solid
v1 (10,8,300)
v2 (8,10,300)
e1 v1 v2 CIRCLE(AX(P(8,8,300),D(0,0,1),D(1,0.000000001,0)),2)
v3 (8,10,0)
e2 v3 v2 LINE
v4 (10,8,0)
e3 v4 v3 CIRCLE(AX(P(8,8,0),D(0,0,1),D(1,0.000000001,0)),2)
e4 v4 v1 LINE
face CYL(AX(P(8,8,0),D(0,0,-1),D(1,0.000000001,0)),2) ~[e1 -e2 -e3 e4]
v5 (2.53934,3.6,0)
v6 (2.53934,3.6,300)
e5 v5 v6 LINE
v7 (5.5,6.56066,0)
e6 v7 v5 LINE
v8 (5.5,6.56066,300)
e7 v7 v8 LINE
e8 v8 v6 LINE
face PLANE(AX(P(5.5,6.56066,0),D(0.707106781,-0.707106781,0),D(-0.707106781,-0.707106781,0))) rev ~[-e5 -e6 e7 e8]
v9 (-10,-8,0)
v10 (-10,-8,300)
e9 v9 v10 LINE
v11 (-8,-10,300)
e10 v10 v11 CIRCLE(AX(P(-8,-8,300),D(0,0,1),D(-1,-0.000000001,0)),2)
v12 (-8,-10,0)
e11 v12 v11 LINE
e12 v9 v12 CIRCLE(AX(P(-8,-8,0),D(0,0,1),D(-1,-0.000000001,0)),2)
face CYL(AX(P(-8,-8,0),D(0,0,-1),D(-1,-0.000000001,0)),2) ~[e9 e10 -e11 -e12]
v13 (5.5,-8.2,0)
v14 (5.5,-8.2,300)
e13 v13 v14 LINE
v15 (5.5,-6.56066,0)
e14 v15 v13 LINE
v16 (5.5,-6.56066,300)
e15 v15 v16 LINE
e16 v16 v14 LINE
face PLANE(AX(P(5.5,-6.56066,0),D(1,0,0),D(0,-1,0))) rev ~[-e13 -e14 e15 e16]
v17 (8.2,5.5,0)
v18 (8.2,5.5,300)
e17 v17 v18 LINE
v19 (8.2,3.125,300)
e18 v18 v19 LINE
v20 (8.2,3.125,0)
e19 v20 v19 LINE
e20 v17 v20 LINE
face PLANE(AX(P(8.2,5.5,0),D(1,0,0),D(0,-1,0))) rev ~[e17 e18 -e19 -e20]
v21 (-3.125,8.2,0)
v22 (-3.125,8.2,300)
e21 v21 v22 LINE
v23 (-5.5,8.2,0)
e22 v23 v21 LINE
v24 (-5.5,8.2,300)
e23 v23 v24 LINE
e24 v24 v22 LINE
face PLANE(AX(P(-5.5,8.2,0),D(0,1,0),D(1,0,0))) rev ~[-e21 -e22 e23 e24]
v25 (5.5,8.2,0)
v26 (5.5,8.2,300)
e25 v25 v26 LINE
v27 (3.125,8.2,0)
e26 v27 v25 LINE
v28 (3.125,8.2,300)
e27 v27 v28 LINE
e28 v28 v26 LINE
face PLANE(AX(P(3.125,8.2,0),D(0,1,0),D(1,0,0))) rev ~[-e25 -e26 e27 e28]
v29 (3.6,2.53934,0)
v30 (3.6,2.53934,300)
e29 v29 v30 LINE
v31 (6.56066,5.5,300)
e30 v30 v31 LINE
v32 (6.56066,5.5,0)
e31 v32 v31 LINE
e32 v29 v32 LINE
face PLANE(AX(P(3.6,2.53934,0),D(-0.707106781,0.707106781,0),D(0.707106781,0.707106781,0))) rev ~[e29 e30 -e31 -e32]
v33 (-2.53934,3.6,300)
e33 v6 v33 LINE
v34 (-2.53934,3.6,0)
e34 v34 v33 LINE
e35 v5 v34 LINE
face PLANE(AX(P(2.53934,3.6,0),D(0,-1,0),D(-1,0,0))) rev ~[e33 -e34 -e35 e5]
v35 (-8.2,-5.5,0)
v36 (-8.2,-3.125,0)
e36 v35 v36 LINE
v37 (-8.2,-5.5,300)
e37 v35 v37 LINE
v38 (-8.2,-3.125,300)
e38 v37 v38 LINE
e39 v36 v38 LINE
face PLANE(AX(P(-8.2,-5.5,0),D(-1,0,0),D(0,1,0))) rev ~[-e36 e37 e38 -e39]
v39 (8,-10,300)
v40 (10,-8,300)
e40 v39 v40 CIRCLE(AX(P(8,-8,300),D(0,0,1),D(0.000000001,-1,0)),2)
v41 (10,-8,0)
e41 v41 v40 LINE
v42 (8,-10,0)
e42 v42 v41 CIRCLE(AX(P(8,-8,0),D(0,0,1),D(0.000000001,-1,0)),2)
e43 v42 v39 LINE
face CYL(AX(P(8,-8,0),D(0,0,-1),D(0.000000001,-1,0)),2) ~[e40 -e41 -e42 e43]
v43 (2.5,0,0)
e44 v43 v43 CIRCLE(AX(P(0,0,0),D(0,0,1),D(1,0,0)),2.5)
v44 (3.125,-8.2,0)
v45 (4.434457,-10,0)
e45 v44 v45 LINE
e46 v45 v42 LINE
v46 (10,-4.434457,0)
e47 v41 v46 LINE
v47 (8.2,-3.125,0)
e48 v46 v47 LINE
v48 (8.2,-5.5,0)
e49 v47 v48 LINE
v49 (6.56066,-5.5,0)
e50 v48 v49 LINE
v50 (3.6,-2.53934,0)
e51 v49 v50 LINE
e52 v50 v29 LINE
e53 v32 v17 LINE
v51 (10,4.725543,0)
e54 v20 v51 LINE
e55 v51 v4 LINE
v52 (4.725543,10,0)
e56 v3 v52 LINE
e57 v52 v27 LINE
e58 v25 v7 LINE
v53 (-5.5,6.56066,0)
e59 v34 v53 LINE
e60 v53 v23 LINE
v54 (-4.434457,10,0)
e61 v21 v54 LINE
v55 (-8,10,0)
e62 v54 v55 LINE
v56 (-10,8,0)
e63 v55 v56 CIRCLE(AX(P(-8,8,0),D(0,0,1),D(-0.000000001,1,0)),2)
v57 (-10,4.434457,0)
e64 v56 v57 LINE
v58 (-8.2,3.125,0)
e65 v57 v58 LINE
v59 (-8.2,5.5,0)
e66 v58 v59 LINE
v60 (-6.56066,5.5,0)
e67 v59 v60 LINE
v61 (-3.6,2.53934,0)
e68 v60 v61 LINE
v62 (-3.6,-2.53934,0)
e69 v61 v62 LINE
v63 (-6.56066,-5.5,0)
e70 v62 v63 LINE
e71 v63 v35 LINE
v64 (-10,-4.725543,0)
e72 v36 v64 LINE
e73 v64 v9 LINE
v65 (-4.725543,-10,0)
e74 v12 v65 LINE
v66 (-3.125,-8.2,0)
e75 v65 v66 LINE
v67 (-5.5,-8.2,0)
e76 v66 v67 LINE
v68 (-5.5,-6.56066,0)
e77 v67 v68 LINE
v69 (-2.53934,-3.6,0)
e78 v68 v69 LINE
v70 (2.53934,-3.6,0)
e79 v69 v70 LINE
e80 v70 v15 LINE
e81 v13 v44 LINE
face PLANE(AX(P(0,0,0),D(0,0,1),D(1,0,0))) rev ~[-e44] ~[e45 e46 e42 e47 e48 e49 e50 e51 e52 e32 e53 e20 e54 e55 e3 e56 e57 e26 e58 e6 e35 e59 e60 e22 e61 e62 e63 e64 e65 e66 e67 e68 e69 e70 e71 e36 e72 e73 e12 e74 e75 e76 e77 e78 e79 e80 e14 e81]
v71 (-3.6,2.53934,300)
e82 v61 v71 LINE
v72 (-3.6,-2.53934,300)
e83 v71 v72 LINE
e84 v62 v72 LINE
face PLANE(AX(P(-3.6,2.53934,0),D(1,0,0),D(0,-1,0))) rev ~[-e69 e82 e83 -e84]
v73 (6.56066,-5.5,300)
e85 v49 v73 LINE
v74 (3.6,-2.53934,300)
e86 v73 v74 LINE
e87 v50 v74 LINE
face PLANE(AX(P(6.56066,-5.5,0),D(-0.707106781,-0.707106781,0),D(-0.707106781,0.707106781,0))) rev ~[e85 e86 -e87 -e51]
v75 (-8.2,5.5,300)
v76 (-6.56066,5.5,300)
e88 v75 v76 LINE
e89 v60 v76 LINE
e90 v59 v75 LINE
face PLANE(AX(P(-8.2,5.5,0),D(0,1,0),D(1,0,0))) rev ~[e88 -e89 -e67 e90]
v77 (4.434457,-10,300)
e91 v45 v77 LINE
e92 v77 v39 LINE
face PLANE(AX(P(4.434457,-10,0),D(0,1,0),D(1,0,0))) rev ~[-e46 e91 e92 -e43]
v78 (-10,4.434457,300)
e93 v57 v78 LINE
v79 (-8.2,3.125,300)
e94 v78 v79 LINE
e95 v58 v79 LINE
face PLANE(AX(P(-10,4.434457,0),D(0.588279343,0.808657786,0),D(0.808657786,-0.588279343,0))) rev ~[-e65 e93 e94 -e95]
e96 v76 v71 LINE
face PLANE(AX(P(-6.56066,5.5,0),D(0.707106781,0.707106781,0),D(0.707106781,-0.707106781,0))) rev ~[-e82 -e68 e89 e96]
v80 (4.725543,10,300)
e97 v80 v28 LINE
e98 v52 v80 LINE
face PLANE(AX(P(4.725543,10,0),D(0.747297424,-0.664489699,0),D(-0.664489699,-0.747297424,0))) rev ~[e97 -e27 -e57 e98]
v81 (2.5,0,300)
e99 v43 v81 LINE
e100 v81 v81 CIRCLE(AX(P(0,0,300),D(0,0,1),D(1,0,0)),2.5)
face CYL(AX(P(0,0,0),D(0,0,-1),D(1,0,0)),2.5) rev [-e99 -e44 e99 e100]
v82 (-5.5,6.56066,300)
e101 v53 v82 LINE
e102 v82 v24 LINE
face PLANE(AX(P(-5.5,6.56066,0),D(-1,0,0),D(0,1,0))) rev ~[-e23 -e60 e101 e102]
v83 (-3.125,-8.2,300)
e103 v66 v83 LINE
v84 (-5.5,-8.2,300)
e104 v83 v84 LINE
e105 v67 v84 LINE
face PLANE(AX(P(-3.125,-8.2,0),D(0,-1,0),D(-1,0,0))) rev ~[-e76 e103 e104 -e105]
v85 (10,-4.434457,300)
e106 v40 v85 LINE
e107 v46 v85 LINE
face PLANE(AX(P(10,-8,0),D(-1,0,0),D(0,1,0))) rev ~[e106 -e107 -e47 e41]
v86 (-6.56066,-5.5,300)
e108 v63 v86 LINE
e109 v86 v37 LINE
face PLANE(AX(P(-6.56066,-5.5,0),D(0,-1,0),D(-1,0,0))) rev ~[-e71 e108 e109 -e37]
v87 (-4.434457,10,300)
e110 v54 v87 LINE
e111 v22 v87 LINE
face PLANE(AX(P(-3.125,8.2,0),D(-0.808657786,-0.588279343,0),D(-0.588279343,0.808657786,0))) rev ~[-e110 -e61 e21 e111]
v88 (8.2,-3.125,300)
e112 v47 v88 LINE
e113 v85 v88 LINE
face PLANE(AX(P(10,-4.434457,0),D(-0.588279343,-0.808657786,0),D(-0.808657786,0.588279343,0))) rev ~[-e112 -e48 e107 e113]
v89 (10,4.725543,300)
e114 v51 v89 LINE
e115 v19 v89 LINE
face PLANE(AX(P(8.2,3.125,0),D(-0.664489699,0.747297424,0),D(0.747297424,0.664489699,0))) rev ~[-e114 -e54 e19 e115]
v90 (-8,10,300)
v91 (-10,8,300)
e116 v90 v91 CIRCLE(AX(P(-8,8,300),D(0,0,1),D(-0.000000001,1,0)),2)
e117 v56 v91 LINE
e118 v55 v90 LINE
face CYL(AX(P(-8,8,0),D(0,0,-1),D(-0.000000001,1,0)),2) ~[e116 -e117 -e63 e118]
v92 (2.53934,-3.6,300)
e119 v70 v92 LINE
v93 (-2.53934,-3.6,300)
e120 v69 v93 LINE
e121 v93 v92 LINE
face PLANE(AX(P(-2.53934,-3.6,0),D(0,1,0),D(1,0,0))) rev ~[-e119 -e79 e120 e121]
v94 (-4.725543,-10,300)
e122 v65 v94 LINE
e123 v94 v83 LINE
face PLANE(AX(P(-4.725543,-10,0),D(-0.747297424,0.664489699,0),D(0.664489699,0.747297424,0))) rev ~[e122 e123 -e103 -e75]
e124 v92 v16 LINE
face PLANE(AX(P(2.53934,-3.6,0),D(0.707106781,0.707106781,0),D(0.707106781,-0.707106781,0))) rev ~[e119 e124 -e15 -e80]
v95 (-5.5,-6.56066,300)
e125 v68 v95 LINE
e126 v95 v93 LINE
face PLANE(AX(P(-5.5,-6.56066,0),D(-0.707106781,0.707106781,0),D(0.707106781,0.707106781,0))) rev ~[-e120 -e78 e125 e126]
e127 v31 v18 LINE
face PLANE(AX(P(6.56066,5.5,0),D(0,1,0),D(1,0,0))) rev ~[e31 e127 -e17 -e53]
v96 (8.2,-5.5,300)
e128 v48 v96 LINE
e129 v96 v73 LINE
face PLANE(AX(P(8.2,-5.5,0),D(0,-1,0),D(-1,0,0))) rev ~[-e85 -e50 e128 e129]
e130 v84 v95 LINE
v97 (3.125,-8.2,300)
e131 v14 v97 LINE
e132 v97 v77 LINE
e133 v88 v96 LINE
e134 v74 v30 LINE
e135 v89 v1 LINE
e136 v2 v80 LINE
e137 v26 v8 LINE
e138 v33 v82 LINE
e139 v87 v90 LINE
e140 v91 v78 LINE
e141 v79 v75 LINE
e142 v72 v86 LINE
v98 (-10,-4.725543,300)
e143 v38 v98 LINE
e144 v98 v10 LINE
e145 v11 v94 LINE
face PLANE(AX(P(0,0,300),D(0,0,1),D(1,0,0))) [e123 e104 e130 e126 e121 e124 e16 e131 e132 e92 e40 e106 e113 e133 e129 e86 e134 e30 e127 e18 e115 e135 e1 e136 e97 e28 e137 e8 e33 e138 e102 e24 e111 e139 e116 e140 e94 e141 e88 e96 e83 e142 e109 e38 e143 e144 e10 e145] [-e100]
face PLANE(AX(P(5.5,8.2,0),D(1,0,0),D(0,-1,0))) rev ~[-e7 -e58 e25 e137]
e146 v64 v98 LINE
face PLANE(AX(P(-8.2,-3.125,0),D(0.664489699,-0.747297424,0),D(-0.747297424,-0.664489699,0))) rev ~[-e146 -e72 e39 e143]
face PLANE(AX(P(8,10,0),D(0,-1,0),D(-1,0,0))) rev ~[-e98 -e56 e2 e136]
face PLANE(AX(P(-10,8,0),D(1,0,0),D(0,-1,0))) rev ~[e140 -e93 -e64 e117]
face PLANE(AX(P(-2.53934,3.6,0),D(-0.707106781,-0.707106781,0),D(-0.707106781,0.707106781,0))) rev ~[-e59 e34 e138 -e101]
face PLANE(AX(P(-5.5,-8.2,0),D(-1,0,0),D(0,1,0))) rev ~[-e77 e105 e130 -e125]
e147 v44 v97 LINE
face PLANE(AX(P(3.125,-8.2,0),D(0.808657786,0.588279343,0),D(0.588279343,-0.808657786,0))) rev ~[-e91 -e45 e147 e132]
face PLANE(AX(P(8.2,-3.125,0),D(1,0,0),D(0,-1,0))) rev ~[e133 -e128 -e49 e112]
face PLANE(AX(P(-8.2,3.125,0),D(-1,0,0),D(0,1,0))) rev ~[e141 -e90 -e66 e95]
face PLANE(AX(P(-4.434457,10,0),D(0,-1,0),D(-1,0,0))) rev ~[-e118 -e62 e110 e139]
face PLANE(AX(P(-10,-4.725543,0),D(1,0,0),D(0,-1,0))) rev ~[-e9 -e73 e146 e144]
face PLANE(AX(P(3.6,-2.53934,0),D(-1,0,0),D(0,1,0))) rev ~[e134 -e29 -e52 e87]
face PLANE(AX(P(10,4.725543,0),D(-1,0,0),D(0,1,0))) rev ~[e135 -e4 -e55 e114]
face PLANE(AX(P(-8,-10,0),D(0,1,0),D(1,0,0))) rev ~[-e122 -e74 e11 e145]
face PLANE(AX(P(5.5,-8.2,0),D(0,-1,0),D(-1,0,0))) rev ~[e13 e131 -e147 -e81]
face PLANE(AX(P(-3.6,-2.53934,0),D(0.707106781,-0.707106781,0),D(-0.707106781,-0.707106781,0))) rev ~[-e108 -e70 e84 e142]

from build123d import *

# Parameters (mm, degrees)
SKETCH1_R           = 2.5
BOSS_EXTRUDE1_DEPTH = 300


with BuildPart() as part:
    # Sketch1 → Boss-Extrude1 (new body)
    with BuildSketch(Plane.XY):
        with BuildLine():
            Line((-4.725542729, -10), (-3.125, -8.2))
            Line((-3.125, -8.2), (-5.5, -8.2))
            Line((-5.5, -8.2), (-5.5, -6.560660172))
            Line((-5.5, -6.560660172), (-2.539339828, -3.6))
            Line((-2.539339828, -3.6), (2.539339828, -3.6))
            Line((2.539339828, -3.6), (5.5, -6.560660172))
            Line((5.5, -6.560660172), (5.5, -8.2))
            Line((5.5, -8.2), (3.125, -8.2))
            Line((3.125, -8.2), (4.434457271, -10))
            Line((4.434457271, -10), (8, -10))
            ThreePointArc((8, -10), (9.414213562, -9.414213562), (10, -8))
            Line((10, -8), (10, -4.434457271))
            Line((10, -4.434457271), (8.2, -3.125))
            Line((8.2, -3.125), (8.2, -5.5))
            Line((8.2, -5.5), (6.560660172, -5.5))
            Line((6.560660172, -5.5), (3.6, -2.539339828))
            Line((3.6, -2.539339828), (3.6, 2.539339828))
            Line((3.6, 2.539339828), (6.560660172, 5.5))
            Line((6.560660172, 5.5), (8.2, 5.5))
            Line((8.2, 5.5), (8.2, 3.125))
            Line((8.2, 3.125), (10, 4.725542729))
            Line((10, 4.725542729), (10, 8))
            ThreePointArc((10, 8), (9.414213562, 9.414213562), (8, 10))
            Line((8, 10), (4.725542729, 10))
            Line((4.725542729, 10), (3.125, 8.2))
            Line((3.125, 8.2), (5.5, 8.2))
            Line((5.5, 8.2), (5.5, 6.560660172))
            Line((5.5, 6.560660172), (2.539339828, 3.6))
            Line((2.539339828, 3.6), (-2.539339828, 3.6))
            Line((-2.539339828, 3.6), (-5.5, 6.560660172))
            Line((-5.5, 6.560660172), (-5.5, 8.2))
            Line((-5.5, 8.2), (-3.125, 8.2))
            Line((-3.125, 8.2), (-4.434457271, 10))
            Line((-4.434457271, 10), (-8, 10))
            ThreePointArc((-8, 10), (-9.414213562, 9.414213562), (-10, 8))
            Line((-10, 8), (-10, 4.434457271))
            Line((-10, 4.434457271), (-8.2, 3.125))
            Line((-8.2, 3.125), (-8.2, 5.5))
            Line((-8.2, 5.5), (-6.560660172, 5.5))
            Line((-6.560660172, 5.5), (-3.6, 2.539339828))
            Line((-3.6, 2.539339828), (-3.6, -2.539339828))
            Line((-3.6, -2.539339828), (-6.560660172, -5.5))
            Line((-6.560660172, -5.5), (-8.2, -5.5))
            Line((-8.2, -5.5), (-8.2, -3.125))
            Line((-8.2, -3.125), (-10, -4.725542729))
            Line((-10, -4.725542729), (-10, -8))
            ThreePointArc((-10, -8), (-9.414213562, -9.414213562), (-8, -10))
            Line((-8, -10), (-4.725542729, -10))
        make_face()
        Circle(SKETCH1_R, mode=Mode.SUBTRACT)
    extrude(amount=BOSS_EXTRUDE1_DEPTH)


solid = part.part
